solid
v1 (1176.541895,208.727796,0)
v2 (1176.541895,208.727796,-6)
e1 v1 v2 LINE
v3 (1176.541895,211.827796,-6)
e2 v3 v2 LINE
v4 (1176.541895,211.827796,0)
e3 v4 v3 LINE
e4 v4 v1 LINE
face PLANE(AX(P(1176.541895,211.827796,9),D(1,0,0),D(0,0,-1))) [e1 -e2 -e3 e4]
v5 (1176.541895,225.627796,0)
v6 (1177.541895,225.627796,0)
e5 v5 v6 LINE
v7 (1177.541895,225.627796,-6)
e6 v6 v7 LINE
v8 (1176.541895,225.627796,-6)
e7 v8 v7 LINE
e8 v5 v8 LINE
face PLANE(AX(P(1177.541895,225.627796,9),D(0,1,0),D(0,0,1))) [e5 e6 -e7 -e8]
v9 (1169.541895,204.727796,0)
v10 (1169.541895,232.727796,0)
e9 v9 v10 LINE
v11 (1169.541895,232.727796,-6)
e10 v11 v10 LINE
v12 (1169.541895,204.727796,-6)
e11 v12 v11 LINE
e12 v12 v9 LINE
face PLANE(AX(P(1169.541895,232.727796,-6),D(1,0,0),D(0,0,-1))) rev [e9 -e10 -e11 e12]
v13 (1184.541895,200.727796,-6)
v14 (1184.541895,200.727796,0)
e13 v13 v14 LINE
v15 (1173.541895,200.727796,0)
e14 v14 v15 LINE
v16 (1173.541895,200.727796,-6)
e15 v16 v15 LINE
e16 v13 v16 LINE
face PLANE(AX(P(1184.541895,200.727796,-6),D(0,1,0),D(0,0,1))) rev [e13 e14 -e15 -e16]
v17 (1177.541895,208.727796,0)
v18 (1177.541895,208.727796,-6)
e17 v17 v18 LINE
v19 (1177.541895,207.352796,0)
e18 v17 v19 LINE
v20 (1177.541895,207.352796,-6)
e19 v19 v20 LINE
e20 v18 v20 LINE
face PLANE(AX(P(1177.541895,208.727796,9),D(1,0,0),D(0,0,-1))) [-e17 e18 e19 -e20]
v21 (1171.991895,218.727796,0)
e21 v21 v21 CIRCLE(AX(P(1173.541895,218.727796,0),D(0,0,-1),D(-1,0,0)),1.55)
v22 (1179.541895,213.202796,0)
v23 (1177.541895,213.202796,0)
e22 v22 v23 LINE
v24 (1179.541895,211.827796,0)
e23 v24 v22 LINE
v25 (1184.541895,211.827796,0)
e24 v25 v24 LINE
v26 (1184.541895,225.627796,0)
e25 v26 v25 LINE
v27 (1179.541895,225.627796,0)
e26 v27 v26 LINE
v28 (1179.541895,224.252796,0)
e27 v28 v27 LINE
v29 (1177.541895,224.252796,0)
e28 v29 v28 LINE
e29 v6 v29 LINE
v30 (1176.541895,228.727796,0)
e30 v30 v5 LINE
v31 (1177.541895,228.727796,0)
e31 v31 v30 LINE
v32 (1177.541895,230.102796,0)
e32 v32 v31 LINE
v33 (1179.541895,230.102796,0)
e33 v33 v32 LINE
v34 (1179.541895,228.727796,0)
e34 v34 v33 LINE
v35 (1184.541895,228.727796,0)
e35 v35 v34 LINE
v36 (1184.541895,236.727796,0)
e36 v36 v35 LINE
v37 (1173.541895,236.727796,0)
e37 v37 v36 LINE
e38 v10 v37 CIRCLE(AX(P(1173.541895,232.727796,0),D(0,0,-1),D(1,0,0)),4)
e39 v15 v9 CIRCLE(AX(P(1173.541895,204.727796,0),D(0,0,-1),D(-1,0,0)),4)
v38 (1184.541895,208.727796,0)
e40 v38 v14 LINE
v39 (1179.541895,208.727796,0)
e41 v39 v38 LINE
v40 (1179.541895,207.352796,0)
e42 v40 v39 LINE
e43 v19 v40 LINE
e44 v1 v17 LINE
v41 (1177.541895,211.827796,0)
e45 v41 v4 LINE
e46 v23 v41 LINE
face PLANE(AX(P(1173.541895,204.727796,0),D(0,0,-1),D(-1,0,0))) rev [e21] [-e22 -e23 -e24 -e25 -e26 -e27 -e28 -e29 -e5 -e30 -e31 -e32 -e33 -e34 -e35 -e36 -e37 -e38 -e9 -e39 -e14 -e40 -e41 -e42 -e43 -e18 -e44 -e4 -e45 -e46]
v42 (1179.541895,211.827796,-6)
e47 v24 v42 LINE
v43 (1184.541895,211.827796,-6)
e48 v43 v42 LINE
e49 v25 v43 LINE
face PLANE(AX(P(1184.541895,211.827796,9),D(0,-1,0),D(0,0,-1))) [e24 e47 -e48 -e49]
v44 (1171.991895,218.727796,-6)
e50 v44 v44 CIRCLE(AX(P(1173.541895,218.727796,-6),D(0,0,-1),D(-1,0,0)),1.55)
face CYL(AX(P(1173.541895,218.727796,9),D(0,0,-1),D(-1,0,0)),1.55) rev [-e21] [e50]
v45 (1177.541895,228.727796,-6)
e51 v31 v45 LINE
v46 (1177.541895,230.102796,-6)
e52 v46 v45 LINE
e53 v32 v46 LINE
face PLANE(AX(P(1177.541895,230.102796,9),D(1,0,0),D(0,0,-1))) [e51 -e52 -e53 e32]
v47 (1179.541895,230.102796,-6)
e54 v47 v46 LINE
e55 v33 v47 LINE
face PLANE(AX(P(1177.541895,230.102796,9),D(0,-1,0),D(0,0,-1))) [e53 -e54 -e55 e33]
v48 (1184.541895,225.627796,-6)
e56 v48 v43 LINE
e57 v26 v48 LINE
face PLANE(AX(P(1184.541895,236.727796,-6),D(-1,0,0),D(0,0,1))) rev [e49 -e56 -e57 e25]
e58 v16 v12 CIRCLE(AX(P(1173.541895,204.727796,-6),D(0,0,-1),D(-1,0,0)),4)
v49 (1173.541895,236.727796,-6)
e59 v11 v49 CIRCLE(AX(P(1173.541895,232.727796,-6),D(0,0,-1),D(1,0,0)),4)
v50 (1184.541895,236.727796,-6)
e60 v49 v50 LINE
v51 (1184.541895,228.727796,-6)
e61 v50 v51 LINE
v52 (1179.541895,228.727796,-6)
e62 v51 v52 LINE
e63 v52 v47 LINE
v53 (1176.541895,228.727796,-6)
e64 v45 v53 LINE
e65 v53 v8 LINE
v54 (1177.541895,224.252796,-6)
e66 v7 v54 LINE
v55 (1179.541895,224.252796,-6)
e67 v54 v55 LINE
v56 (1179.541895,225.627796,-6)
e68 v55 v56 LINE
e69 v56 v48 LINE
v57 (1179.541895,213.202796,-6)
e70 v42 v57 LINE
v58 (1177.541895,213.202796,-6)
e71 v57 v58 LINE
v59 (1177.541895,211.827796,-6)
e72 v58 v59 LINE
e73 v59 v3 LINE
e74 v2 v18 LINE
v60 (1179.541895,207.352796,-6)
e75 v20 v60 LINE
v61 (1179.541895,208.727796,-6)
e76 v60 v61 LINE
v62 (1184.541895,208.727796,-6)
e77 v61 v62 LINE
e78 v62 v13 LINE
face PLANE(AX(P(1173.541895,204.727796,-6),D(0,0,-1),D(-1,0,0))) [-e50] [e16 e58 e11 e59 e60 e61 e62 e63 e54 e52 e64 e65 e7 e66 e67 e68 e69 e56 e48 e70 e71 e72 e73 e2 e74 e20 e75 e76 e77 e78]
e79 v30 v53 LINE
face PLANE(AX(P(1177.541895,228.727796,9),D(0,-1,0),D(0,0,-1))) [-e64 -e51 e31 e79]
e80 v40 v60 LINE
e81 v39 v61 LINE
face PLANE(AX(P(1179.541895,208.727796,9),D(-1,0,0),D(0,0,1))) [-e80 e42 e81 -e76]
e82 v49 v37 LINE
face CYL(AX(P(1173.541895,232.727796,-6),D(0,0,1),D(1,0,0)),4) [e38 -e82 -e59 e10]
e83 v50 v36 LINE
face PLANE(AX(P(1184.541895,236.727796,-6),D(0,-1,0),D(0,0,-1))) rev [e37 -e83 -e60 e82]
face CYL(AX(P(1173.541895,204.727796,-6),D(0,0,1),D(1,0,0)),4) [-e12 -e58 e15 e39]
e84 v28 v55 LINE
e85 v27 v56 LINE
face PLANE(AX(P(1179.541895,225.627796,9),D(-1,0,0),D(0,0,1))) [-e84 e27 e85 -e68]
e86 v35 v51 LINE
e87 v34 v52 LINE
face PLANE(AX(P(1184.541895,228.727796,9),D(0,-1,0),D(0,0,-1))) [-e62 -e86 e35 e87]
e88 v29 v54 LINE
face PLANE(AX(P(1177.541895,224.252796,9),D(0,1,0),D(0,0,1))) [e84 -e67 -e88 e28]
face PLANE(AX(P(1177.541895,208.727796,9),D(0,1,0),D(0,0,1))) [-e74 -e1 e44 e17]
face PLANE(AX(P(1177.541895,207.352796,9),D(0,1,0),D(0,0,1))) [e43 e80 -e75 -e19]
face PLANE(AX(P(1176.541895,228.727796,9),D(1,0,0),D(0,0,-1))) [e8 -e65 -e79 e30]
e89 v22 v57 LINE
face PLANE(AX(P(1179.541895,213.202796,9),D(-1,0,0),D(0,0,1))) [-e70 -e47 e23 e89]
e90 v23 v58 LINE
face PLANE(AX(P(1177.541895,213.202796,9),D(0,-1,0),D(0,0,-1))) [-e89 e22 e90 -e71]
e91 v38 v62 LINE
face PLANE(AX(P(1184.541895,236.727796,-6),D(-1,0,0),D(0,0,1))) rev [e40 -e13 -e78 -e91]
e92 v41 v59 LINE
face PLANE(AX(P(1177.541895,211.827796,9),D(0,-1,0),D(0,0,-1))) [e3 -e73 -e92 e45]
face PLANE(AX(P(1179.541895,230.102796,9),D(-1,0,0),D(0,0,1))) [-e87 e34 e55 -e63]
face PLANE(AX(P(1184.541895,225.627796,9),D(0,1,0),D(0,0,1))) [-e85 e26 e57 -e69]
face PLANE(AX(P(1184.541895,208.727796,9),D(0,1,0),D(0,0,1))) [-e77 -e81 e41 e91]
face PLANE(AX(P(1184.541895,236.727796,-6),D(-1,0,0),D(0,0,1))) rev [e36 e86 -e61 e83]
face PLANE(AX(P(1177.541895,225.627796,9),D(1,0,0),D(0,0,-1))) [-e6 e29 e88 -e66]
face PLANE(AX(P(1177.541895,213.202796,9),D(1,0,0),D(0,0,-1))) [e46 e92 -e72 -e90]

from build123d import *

# Parameters (mm, degrees)
DODANIE_WYCI_GNI_CIE1_DEPTH = 6
WYTNIJ_WYCI_GNI_CIE1_DEPTH  = 15
SZYK_LINIOWY1_COUNT         = 2
SZYK_LINIOWY1_PITCH         = 16.9
SZKIC3_R                    = 1.55
WYTNIJ_WYCI_GNI_CIE2_DEPTH  = 15


with BuildPart() as part:
    # Szkic1 → Dodanie-wyciągnięcie1 (new body)
    with BuildSketch(Plane(origin=(302.151296802, 0, 0), x_dir=(-1, 0, 0), z_dir=(0, 0, -1))):
        with BuildLine():
            Line((-882.390597923, 236.727796113), (-882.390597923, 200.727796113))
            Line((-882.390597923, 200.727796113), (-871.390597923, 200.727796113))
            ThreePointArc((-871.390597923, 200.727796113), (-868.562170798, 201.899368988), (-867.390597923, 204.727796113))
            Line((-867.390597923, 204.727796113), (-867.390597923, 232.727796113))
            ThreePointArc((-867.390597923, 232.727796113), (-868.562170798, 235.556223238), (-871.390597923, 236.727796113))
            Line((-871.390597923, 236.727796113), (-882.390597923, 236.727796113))
        make_face()
    extrude(amount=DODANIE_WYCI_GNI_CIE1_DEPTH)

    # Szkic2 → Wytnij-wyciągnięcie1 (cut)
    with BuildSketch(Plane(origin=(1169.541894725, 0, -6), x_dir=(1, 0, 0), z_dir=(0, 0, 1))):
        Polygon((15, 228.727796113), (15, 225.627796113), (10, 225.627796113), (10, 224.252796113), (8, 224.252796113), (8, 225.627796113), (7, 225.627796113), (7, 228.727796113), (8, 228.727796113), (8, 230.102796113), (10, 230.102796113), (10, 228.727796113), align=None)
    wytnij_wyci_gni_cie1 = extrude(amount=WYTNIJ_WYCI_GNI_CIE1_DEPTH, mode=Mode.SUBTRACT)

    # Szyk liniowy1: Wytnij-wyciągnięcie1 ×2
    with Locations(*[(0, -i * SZYK_LINIOWY1_PITCH, 0) for i in range(1, SZYK_LINIOWY1_COUNT)]):
        add(wytnij_wyci_gni_cie1, mode=Mode.SUBTRACT)

    # Szkic3 → Wytnij-wyciągnięcie2 (cut)
    with BuildSketch(Plane(origin=(0, 0, -6), x_dir=(-1, 0, 0), z_dir=(0, 0, -1))):
        with Locations((-1173.541894725, 218.727796113)):
            Circle(SZKIC3_R)
    extrude(amount=-WYTNIJ_WYCI_GNI_CIE2_DEPTH, mode=Mode.SUBTRACT)


solid = part.part
